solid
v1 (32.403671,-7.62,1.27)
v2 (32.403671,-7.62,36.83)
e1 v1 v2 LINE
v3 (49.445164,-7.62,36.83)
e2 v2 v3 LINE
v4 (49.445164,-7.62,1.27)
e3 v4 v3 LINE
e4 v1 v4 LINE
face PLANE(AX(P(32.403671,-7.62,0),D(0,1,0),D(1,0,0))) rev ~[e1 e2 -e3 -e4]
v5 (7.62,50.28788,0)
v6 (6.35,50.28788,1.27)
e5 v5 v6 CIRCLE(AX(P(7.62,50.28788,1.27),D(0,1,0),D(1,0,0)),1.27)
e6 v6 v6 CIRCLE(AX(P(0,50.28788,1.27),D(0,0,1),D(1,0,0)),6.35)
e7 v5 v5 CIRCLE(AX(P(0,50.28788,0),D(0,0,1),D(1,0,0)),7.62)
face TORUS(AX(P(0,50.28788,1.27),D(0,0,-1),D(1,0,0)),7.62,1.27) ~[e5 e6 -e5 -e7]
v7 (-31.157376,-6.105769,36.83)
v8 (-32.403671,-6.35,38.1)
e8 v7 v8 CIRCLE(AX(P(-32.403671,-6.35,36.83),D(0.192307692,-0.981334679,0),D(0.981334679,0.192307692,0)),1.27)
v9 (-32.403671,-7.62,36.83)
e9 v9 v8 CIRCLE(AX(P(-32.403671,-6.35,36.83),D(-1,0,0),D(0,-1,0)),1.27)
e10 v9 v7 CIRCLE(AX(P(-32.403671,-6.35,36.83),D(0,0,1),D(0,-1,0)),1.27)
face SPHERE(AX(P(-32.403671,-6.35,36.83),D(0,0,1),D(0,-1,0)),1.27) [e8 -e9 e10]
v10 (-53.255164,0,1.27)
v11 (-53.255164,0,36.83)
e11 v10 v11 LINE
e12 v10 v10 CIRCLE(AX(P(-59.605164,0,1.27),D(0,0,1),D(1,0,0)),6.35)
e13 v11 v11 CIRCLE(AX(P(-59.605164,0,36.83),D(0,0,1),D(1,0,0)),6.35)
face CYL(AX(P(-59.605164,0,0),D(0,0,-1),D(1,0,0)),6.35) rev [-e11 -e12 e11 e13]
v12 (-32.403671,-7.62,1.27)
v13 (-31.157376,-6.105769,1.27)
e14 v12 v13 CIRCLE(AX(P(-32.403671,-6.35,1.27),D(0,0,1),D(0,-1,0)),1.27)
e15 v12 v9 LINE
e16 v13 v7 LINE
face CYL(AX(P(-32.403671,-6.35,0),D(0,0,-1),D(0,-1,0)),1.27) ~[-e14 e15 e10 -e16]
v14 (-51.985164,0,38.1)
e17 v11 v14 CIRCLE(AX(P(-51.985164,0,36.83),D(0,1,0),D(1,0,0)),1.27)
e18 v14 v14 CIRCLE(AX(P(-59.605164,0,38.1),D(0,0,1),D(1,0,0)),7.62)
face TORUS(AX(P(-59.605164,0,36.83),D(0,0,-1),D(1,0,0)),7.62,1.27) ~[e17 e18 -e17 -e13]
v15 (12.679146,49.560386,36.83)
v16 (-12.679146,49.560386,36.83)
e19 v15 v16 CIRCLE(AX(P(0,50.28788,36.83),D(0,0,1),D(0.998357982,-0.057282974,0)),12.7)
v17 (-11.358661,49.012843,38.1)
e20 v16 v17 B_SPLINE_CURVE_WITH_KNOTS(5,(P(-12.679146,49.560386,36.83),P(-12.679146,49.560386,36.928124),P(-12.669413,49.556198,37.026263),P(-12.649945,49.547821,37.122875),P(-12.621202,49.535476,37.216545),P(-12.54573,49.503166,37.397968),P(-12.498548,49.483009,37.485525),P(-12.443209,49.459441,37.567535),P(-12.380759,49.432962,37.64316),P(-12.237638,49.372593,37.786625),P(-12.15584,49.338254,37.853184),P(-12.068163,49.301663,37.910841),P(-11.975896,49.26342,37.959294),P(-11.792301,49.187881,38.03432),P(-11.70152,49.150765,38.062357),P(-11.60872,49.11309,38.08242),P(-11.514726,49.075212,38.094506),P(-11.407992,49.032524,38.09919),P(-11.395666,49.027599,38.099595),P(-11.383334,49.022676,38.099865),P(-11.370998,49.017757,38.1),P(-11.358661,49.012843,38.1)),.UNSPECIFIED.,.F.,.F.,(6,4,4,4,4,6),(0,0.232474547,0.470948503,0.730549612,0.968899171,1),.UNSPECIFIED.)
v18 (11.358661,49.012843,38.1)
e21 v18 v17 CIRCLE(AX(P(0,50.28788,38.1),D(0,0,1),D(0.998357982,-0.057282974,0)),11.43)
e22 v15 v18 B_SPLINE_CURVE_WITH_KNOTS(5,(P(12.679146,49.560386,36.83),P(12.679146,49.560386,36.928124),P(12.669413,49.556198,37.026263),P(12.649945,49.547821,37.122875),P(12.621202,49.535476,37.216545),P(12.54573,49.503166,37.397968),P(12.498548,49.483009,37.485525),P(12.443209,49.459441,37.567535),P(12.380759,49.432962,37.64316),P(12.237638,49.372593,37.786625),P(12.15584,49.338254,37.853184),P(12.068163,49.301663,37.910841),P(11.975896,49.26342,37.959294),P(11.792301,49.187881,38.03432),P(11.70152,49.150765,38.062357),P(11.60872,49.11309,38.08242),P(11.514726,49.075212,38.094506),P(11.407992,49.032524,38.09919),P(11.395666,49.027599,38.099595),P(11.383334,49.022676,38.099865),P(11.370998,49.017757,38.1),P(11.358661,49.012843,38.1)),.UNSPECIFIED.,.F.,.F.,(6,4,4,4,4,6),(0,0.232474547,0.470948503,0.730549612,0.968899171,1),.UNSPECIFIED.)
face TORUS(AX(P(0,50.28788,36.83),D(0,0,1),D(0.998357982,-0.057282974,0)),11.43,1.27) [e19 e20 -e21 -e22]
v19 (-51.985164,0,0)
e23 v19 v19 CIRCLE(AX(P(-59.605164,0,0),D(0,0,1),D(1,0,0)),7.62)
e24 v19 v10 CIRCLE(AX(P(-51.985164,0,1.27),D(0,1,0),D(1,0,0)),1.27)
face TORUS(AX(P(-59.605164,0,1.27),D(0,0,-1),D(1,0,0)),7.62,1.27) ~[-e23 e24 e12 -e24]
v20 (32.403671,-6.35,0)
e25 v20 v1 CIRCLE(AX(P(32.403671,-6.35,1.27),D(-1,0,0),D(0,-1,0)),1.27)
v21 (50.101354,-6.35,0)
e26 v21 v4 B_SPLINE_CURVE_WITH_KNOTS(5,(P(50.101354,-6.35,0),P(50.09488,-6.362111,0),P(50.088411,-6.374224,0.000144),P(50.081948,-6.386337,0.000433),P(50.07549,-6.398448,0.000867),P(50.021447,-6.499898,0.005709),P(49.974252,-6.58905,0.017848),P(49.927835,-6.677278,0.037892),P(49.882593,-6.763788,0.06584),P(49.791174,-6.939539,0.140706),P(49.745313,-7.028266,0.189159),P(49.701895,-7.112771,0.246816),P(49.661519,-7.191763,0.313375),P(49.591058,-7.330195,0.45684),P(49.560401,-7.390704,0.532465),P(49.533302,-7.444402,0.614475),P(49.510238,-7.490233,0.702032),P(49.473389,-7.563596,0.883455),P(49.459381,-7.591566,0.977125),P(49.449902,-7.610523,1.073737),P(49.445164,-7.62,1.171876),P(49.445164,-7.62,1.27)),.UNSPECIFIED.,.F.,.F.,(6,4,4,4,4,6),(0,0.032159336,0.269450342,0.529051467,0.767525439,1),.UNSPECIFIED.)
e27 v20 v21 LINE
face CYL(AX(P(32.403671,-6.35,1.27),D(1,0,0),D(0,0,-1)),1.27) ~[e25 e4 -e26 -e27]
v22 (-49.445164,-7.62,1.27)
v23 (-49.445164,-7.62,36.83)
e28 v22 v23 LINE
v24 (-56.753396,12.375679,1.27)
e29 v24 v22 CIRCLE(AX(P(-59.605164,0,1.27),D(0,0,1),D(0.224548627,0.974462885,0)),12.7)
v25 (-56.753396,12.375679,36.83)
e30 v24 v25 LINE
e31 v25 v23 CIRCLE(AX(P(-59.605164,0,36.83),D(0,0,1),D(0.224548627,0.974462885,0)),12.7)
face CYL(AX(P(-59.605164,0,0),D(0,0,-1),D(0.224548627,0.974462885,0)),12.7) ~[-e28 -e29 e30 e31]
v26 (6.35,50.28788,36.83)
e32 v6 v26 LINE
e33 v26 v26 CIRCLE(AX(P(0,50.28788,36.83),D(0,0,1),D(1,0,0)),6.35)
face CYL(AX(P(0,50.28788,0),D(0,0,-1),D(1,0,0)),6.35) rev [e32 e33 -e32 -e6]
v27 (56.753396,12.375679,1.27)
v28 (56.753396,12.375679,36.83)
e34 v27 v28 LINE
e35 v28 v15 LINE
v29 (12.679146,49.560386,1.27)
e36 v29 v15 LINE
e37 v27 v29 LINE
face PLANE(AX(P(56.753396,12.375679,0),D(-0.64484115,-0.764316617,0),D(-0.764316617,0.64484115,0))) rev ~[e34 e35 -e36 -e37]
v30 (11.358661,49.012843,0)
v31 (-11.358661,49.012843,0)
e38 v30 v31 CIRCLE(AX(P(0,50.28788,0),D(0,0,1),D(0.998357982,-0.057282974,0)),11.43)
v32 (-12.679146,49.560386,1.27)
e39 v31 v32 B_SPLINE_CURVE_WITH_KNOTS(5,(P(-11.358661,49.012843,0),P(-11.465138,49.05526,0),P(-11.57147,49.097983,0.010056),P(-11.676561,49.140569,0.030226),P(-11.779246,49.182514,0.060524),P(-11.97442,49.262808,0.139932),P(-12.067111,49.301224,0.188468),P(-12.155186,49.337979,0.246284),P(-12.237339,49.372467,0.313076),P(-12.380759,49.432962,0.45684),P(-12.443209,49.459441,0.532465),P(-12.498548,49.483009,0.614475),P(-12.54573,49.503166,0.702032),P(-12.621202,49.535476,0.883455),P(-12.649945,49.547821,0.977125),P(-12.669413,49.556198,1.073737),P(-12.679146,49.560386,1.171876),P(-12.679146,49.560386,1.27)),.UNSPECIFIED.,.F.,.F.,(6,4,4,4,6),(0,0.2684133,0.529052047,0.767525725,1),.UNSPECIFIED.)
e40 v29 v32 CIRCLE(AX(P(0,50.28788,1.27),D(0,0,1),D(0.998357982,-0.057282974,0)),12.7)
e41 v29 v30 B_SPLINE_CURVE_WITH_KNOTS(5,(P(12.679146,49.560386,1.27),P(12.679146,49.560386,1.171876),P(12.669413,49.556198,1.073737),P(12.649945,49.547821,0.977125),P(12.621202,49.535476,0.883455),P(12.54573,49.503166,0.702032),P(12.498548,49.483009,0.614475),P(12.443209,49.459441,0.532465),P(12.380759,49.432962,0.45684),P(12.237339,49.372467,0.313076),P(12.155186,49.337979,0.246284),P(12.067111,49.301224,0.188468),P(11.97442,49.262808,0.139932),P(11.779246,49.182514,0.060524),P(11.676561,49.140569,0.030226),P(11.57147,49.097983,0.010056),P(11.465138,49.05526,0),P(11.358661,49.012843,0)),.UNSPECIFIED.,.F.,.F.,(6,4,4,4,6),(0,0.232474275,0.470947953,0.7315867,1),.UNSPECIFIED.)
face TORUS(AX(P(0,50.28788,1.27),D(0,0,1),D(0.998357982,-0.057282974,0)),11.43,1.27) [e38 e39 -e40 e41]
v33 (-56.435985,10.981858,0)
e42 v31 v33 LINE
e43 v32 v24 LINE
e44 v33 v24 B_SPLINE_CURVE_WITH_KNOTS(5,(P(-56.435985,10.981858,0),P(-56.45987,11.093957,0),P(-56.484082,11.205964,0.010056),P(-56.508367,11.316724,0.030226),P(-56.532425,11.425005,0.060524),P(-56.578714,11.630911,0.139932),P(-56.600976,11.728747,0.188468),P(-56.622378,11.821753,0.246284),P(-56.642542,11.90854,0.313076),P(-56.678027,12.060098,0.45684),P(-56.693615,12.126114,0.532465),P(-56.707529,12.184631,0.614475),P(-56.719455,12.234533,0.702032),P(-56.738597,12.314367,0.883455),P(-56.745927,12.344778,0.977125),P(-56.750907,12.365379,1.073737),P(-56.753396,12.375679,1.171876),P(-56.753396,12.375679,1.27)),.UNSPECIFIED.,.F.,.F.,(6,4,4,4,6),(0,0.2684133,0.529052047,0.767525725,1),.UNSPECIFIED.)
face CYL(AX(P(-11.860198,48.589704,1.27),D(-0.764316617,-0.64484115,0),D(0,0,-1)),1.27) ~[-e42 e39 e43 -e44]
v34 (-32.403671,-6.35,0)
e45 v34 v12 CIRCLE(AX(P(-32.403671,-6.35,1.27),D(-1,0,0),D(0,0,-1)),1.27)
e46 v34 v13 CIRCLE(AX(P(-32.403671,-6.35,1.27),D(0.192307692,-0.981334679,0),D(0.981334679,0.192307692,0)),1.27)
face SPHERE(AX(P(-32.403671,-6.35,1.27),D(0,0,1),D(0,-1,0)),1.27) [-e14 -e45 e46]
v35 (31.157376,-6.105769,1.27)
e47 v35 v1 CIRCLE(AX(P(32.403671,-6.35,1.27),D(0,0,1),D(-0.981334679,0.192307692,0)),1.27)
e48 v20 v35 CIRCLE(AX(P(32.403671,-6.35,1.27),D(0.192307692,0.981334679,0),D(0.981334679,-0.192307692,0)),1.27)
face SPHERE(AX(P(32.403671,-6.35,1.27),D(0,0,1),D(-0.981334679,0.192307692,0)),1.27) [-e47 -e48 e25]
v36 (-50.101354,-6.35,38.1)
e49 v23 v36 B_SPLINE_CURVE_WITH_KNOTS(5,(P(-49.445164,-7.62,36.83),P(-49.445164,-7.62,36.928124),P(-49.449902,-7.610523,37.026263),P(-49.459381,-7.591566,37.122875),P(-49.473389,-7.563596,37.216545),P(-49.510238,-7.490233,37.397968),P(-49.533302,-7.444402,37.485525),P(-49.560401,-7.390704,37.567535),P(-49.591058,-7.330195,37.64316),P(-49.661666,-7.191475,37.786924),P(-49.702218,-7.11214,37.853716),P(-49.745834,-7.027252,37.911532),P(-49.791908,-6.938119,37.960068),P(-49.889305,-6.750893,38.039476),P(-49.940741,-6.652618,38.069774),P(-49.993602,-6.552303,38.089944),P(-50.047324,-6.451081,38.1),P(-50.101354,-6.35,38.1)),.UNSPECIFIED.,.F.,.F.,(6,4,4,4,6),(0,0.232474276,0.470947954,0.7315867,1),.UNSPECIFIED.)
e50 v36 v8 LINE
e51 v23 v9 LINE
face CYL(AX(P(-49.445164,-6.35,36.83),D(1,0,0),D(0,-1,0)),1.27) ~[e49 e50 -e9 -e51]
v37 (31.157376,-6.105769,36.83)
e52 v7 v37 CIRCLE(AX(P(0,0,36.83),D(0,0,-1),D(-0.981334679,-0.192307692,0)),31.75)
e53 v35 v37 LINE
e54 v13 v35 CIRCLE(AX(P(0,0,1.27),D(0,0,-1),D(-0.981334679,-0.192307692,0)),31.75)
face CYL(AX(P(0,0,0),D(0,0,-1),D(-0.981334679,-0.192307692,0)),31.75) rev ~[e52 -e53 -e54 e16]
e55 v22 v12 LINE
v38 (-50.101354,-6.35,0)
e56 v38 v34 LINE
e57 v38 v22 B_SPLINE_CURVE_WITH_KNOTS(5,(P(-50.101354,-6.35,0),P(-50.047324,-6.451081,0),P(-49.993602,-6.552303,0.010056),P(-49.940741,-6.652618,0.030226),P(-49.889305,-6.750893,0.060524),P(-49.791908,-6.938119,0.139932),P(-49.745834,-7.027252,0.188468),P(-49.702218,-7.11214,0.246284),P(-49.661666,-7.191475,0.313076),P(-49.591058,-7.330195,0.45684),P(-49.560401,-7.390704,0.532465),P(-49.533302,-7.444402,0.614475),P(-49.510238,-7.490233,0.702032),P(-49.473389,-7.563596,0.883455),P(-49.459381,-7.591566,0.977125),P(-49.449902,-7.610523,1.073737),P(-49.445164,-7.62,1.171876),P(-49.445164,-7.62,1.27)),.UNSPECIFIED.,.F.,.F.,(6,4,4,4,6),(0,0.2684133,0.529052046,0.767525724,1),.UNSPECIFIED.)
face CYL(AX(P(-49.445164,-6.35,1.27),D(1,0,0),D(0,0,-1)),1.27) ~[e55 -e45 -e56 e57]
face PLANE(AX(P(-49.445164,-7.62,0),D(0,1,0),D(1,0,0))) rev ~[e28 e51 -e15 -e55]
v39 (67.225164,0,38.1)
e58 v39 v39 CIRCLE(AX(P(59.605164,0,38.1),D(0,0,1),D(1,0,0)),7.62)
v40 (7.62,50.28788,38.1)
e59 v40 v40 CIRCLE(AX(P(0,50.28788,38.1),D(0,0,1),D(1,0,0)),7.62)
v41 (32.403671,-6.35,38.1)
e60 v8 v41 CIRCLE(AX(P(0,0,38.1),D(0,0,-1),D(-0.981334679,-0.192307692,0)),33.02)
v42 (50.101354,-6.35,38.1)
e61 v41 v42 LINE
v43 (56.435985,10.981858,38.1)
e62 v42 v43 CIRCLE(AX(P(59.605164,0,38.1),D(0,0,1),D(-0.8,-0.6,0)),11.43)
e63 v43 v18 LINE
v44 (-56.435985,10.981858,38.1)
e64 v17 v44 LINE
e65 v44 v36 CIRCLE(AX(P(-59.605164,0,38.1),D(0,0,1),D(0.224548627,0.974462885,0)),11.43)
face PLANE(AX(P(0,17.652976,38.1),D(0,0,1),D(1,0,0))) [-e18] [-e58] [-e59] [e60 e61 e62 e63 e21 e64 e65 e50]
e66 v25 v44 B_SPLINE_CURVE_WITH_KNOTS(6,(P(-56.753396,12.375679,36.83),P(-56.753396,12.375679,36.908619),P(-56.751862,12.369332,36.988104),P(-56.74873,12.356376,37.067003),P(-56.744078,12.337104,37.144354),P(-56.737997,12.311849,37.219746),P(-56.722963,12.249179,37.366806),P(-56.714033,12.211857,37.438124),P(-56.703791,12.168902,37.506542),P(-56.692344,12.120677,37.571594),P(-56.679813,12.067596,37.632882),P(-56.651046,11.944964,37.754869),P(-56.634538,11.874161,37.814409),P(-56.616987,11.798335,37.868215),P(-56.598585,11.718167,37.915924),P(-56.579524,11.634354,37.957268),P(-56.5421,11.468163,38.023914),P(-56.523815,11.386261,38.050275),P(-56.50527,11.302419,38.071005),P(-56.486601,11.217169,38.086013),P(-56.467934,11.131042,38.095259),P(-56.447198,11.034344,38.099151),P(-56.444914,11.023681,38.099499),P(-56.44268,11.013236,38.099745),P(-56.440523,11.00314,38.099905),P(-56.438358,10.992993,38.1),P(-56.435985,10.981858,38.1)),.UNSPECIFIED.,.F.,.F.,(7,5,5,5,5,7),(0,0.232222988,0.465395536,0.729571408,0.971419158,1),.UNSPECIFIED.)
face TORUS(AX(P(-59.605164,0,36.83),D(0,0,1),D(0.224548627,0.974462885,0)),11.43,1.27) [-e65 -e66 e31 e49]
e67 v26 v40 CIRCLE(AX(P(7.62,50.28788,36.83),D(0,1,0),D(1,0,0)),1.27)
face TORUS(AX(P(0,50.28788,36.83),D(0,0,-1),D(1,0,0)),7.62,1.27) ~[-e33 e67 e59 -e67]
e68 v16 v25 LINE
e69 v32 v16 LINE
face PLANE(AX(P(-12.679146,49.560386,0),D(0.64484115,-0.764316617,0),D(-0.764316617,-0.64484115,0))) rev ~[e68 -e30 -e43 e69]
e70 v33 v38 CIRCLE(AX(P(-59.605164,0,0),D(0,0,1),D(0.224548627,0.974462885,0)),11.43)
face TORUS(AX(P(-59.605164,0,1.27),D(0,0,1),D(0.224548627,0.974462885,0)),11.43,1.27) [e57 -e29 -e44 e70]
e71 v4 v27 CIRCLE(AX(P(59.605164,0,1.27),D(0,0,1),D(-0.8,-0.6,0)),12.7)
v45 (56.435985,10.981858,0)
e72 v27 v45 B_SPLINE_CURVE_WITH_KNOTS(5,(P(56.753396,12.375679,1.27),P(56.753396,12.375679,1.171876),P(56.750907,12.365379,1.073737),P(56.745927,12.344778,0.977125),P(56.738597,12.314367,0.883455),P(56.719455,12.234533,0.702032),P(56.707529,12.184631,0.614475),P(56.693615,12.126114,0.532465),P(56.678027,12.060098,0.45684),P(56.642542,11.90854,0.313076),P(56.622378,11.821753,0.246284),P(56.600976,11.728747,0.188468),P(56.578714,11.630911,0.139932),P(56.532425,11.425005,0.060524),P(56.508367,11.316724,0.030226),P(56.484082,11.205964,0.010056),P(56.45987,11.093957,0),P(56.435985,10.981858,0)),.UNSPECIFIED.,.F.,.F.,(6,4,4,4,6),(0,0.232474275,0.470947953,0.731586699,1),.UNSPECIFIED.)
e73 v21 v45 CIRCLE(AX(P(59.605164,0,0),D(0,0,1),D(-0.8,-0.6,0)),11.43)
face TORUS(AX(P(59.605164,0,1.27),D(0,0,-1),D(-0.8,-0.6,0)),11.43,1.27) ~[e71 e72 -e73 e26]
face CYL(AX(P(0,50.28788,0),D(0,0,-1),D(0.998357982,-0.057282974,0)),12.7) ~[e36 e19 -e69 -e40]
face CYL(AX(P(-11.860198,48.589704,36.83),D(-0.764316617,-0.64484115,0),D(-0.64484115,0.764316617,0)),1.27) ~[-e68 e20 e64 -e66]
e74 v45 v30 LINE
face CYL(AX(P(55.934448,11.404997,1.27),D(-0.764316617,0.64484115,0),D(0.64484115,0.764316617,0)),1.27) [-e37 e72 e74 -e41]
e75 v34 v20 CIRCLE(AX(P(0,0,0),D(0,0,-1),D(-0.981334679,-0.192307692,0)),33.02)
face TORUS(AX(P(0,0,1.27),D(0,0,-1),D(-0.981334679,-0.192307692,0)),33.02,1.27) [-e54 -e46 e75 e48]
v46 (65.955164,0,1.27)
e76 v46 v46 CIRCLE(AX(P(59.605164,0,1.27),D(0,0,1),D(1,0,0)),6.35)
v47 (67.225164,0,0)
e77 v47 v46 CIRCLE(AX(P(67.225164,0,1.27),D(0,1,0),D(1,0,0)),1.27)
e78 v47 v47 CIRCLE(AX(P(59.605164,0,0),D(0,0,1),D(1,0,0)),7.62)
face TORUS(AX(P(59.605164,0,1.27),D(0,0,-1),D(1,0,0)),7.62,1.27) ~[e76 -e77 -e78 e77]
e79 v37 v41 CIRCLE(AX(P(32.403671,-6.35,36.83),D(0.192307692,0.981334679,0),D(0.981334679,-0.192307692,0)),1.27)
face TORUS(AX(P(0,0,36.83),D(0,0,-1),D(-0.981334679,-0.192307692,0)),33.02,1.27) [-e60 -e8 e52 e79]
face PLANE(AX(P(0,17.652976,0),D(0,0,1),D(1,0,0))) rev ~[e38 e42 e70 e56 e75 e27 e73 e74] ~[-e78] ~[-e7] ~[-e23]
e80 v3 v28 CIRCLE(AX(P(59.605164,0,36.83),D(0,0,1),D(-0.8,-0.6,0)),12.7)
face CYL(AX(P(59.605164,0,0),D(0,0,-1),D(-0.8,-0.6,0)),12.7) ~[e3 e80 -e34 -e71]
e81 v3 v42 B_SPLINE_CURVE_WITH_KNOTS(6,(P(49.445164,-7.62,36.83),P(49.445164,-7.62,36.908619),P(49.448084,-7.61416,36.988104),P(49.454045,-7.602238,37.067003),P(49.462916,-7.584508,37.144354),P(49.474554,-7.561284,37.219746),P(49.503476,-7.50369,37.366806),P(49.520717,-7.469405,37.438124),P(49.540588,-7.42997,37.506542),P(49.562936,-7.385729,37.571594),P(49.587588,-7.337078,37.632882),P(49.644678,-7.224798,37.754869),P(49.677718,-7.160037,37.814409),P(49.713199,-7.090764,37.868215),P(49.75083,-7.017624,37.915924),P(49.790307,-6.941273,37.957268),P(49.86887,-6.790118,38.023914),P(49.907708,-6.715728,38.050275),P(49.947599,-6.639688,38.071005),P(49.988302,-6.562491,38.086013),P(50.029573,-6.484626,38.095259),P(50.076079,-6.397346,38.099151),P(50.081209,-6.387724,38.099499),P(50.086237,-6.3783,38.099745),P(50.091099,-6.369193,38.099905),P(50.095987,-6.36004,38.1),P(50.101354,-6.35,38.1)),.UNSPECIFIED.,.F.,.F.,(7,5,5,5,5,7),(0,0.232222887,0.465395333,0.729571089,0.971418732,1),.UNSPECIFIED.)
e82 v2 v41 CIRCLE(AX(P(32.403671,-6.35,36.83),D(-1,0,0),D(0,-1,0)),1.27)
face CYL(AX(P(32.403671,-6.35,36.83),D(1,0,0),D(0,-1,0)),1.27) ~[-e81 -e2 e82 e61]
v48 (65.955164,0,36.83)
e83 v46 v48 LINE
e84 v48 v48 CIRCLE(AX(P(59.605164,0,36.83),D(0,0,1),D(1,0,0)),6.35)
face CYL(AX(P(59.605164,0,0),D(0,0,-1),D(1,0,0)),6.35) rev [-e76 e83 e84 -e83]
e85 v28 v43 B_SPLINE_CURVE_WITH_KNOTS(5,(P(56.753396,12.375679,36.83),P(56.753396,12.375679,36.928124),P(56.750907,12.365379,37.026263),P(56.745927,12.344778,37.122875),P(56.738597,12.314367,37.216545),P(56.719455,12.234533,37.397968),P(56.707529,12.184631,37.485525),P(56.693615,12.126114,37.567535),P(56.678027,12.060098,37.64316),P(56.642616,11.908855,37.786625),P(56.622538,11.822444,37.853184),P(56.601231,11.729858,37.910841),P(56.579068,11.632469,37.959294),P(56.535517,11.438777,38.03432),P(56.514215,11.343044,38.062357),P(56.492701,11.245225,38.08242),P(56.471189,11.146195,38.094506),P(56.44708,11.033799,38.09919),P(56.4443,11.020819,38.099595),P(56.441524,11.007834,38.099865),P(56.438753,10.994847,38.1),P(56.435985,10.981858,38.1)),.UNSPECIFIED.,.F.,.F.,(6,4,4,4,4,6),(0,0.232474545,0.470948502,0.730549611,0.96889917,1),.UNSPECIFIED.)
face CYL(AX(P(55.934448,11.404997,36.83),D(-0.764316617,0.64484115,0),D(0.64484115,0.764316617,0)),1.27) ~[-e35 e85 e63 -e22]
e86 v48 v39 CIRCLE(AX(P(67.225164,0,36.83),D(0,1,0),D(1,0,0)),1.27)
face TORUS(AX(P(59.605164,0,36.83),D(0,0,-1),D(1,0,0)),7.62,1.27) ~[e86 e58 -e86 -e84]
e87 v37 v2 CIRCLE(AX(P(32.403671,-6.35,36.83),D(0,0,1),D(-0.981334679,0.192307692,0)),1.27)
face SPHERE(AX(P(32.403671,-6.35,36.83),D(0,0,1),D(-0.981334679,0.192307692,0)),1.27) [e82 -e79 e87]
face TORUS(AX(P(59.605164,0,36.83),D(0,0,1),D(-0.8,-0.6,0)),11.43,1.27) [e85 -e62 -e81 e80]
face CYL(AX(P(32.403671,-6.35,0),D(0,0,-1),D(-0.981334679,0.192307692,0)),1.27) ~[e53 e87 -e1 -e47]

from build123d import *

# Parameters (mm, degrees)
F0_R     = 6.35
F1_DEPTH = 38.1
F2_R     = 1.27
F3_R     = 1.27


with BuildPart() as f1:
    # F0 (on Top) → F1 (new body)
    with BuildSketch(Plane.XY):
        with BuildLine():
            Line((56.7533961615, 12.3756786378), (12.6791463757, 49.5603862342))
            ThreePointArc((12.6791463757, 49.5603862342), (0, 62.9878800035), (-12.6791463757, 49.5603862342))
            Line((-12.6791463757, 49.5603862342), (-56.7533961615, 12.3756786378))
            ThreePointArc((-56.7533961615, 12.3756786378), (-71.5334207195, -4.3596657155), (-49.4451637282, -7.62))
            Line((-49.4451637282, -7.62), (-32.4036710883, -7.62))
            ThreePointArc((-32.4036710883, -7.62), (-31.4230913932, -7.1570709148), (-31.1573760465, -6.1057692308))
            ThreePointArc((-31.1573760465, -6.1057692308), (0, 31.75), (31.1573760465, -6.1057692308))
            ThreePointArc((31.1573760465, -6.1057692308), (31.4230913932, -7.1570709148), (32.4036710883, -7.62))
            Line((32.4036710883, -7.62), (49.4451637282, -7.62))
            ThreePointArc((49.4451637282, -7.62), (71.5334207195, -4.3596657155), (56.7533961615, 12.3756786378))
        make_face()
        with Locations((-59.6051637282, 0)):
            Circle(F0_R, mode=Mode.SUBTRACT)
        with Locations((59.6051637282, 0)):
            Circle(F0_R, mode=Mode.SUBTRACT)
        with Locations((0, 50.2878800035)):
            Circle(F0_R, mode=Mode.SUBTRACT)
    extrude(amount=F1_DEPTH)

    # F2
    f2_edges = [f1.edges().sort_by_distance(p)[0] for p in [
        (34.716271, 30.968032, 38.1),
        (0, 62.98788, 38.1),
        (-34.716271, 30.968032, 38.1),
        (-71.533421, -4.359666, 38.1),
        (-40.924417, -7.62, 38.1),
        (-31.423091, -7.157071, 38.1),
        (0, 31.75, 38.1),
        (31.423091, -7.157071, 38.1),
        (40.924417, -7.62, 38.1),
        (71.533421, -4.359666, 38.1),
        (-65.955164, 0, 38.1),
        (53.255164, 0, 38.1),
        (-6.35, 50.28788, 38.1),
    ]]
    fillet(f2_edges, radius=F2_R)

    # F3
    f3_edges = [f1.edges().sort_by_distance(p)[0] for p in [
        (34.716271, 30.968032, 0),
        (0, 62.98788, 0),
        (-34.716271, 30.968032, 0),
        (-71.533421, -4.359666, 0),
        (-40.924417, -7.62, 0),
        (-31.423091, -7.157071, 0),
        (0, 31.75, 0),
        (31.423091, -7.157071, 0),
        (40.924417, -7.62, 0),
        (71.533421, -4.359666, 0),
        (-65.955164, 0, 0),
        (53.255164, 0, 0),
        (-6.35, 50.28788, 0),
    ]]
    fillet(f3_edges, radius=F3_R)


solid = f1.part
